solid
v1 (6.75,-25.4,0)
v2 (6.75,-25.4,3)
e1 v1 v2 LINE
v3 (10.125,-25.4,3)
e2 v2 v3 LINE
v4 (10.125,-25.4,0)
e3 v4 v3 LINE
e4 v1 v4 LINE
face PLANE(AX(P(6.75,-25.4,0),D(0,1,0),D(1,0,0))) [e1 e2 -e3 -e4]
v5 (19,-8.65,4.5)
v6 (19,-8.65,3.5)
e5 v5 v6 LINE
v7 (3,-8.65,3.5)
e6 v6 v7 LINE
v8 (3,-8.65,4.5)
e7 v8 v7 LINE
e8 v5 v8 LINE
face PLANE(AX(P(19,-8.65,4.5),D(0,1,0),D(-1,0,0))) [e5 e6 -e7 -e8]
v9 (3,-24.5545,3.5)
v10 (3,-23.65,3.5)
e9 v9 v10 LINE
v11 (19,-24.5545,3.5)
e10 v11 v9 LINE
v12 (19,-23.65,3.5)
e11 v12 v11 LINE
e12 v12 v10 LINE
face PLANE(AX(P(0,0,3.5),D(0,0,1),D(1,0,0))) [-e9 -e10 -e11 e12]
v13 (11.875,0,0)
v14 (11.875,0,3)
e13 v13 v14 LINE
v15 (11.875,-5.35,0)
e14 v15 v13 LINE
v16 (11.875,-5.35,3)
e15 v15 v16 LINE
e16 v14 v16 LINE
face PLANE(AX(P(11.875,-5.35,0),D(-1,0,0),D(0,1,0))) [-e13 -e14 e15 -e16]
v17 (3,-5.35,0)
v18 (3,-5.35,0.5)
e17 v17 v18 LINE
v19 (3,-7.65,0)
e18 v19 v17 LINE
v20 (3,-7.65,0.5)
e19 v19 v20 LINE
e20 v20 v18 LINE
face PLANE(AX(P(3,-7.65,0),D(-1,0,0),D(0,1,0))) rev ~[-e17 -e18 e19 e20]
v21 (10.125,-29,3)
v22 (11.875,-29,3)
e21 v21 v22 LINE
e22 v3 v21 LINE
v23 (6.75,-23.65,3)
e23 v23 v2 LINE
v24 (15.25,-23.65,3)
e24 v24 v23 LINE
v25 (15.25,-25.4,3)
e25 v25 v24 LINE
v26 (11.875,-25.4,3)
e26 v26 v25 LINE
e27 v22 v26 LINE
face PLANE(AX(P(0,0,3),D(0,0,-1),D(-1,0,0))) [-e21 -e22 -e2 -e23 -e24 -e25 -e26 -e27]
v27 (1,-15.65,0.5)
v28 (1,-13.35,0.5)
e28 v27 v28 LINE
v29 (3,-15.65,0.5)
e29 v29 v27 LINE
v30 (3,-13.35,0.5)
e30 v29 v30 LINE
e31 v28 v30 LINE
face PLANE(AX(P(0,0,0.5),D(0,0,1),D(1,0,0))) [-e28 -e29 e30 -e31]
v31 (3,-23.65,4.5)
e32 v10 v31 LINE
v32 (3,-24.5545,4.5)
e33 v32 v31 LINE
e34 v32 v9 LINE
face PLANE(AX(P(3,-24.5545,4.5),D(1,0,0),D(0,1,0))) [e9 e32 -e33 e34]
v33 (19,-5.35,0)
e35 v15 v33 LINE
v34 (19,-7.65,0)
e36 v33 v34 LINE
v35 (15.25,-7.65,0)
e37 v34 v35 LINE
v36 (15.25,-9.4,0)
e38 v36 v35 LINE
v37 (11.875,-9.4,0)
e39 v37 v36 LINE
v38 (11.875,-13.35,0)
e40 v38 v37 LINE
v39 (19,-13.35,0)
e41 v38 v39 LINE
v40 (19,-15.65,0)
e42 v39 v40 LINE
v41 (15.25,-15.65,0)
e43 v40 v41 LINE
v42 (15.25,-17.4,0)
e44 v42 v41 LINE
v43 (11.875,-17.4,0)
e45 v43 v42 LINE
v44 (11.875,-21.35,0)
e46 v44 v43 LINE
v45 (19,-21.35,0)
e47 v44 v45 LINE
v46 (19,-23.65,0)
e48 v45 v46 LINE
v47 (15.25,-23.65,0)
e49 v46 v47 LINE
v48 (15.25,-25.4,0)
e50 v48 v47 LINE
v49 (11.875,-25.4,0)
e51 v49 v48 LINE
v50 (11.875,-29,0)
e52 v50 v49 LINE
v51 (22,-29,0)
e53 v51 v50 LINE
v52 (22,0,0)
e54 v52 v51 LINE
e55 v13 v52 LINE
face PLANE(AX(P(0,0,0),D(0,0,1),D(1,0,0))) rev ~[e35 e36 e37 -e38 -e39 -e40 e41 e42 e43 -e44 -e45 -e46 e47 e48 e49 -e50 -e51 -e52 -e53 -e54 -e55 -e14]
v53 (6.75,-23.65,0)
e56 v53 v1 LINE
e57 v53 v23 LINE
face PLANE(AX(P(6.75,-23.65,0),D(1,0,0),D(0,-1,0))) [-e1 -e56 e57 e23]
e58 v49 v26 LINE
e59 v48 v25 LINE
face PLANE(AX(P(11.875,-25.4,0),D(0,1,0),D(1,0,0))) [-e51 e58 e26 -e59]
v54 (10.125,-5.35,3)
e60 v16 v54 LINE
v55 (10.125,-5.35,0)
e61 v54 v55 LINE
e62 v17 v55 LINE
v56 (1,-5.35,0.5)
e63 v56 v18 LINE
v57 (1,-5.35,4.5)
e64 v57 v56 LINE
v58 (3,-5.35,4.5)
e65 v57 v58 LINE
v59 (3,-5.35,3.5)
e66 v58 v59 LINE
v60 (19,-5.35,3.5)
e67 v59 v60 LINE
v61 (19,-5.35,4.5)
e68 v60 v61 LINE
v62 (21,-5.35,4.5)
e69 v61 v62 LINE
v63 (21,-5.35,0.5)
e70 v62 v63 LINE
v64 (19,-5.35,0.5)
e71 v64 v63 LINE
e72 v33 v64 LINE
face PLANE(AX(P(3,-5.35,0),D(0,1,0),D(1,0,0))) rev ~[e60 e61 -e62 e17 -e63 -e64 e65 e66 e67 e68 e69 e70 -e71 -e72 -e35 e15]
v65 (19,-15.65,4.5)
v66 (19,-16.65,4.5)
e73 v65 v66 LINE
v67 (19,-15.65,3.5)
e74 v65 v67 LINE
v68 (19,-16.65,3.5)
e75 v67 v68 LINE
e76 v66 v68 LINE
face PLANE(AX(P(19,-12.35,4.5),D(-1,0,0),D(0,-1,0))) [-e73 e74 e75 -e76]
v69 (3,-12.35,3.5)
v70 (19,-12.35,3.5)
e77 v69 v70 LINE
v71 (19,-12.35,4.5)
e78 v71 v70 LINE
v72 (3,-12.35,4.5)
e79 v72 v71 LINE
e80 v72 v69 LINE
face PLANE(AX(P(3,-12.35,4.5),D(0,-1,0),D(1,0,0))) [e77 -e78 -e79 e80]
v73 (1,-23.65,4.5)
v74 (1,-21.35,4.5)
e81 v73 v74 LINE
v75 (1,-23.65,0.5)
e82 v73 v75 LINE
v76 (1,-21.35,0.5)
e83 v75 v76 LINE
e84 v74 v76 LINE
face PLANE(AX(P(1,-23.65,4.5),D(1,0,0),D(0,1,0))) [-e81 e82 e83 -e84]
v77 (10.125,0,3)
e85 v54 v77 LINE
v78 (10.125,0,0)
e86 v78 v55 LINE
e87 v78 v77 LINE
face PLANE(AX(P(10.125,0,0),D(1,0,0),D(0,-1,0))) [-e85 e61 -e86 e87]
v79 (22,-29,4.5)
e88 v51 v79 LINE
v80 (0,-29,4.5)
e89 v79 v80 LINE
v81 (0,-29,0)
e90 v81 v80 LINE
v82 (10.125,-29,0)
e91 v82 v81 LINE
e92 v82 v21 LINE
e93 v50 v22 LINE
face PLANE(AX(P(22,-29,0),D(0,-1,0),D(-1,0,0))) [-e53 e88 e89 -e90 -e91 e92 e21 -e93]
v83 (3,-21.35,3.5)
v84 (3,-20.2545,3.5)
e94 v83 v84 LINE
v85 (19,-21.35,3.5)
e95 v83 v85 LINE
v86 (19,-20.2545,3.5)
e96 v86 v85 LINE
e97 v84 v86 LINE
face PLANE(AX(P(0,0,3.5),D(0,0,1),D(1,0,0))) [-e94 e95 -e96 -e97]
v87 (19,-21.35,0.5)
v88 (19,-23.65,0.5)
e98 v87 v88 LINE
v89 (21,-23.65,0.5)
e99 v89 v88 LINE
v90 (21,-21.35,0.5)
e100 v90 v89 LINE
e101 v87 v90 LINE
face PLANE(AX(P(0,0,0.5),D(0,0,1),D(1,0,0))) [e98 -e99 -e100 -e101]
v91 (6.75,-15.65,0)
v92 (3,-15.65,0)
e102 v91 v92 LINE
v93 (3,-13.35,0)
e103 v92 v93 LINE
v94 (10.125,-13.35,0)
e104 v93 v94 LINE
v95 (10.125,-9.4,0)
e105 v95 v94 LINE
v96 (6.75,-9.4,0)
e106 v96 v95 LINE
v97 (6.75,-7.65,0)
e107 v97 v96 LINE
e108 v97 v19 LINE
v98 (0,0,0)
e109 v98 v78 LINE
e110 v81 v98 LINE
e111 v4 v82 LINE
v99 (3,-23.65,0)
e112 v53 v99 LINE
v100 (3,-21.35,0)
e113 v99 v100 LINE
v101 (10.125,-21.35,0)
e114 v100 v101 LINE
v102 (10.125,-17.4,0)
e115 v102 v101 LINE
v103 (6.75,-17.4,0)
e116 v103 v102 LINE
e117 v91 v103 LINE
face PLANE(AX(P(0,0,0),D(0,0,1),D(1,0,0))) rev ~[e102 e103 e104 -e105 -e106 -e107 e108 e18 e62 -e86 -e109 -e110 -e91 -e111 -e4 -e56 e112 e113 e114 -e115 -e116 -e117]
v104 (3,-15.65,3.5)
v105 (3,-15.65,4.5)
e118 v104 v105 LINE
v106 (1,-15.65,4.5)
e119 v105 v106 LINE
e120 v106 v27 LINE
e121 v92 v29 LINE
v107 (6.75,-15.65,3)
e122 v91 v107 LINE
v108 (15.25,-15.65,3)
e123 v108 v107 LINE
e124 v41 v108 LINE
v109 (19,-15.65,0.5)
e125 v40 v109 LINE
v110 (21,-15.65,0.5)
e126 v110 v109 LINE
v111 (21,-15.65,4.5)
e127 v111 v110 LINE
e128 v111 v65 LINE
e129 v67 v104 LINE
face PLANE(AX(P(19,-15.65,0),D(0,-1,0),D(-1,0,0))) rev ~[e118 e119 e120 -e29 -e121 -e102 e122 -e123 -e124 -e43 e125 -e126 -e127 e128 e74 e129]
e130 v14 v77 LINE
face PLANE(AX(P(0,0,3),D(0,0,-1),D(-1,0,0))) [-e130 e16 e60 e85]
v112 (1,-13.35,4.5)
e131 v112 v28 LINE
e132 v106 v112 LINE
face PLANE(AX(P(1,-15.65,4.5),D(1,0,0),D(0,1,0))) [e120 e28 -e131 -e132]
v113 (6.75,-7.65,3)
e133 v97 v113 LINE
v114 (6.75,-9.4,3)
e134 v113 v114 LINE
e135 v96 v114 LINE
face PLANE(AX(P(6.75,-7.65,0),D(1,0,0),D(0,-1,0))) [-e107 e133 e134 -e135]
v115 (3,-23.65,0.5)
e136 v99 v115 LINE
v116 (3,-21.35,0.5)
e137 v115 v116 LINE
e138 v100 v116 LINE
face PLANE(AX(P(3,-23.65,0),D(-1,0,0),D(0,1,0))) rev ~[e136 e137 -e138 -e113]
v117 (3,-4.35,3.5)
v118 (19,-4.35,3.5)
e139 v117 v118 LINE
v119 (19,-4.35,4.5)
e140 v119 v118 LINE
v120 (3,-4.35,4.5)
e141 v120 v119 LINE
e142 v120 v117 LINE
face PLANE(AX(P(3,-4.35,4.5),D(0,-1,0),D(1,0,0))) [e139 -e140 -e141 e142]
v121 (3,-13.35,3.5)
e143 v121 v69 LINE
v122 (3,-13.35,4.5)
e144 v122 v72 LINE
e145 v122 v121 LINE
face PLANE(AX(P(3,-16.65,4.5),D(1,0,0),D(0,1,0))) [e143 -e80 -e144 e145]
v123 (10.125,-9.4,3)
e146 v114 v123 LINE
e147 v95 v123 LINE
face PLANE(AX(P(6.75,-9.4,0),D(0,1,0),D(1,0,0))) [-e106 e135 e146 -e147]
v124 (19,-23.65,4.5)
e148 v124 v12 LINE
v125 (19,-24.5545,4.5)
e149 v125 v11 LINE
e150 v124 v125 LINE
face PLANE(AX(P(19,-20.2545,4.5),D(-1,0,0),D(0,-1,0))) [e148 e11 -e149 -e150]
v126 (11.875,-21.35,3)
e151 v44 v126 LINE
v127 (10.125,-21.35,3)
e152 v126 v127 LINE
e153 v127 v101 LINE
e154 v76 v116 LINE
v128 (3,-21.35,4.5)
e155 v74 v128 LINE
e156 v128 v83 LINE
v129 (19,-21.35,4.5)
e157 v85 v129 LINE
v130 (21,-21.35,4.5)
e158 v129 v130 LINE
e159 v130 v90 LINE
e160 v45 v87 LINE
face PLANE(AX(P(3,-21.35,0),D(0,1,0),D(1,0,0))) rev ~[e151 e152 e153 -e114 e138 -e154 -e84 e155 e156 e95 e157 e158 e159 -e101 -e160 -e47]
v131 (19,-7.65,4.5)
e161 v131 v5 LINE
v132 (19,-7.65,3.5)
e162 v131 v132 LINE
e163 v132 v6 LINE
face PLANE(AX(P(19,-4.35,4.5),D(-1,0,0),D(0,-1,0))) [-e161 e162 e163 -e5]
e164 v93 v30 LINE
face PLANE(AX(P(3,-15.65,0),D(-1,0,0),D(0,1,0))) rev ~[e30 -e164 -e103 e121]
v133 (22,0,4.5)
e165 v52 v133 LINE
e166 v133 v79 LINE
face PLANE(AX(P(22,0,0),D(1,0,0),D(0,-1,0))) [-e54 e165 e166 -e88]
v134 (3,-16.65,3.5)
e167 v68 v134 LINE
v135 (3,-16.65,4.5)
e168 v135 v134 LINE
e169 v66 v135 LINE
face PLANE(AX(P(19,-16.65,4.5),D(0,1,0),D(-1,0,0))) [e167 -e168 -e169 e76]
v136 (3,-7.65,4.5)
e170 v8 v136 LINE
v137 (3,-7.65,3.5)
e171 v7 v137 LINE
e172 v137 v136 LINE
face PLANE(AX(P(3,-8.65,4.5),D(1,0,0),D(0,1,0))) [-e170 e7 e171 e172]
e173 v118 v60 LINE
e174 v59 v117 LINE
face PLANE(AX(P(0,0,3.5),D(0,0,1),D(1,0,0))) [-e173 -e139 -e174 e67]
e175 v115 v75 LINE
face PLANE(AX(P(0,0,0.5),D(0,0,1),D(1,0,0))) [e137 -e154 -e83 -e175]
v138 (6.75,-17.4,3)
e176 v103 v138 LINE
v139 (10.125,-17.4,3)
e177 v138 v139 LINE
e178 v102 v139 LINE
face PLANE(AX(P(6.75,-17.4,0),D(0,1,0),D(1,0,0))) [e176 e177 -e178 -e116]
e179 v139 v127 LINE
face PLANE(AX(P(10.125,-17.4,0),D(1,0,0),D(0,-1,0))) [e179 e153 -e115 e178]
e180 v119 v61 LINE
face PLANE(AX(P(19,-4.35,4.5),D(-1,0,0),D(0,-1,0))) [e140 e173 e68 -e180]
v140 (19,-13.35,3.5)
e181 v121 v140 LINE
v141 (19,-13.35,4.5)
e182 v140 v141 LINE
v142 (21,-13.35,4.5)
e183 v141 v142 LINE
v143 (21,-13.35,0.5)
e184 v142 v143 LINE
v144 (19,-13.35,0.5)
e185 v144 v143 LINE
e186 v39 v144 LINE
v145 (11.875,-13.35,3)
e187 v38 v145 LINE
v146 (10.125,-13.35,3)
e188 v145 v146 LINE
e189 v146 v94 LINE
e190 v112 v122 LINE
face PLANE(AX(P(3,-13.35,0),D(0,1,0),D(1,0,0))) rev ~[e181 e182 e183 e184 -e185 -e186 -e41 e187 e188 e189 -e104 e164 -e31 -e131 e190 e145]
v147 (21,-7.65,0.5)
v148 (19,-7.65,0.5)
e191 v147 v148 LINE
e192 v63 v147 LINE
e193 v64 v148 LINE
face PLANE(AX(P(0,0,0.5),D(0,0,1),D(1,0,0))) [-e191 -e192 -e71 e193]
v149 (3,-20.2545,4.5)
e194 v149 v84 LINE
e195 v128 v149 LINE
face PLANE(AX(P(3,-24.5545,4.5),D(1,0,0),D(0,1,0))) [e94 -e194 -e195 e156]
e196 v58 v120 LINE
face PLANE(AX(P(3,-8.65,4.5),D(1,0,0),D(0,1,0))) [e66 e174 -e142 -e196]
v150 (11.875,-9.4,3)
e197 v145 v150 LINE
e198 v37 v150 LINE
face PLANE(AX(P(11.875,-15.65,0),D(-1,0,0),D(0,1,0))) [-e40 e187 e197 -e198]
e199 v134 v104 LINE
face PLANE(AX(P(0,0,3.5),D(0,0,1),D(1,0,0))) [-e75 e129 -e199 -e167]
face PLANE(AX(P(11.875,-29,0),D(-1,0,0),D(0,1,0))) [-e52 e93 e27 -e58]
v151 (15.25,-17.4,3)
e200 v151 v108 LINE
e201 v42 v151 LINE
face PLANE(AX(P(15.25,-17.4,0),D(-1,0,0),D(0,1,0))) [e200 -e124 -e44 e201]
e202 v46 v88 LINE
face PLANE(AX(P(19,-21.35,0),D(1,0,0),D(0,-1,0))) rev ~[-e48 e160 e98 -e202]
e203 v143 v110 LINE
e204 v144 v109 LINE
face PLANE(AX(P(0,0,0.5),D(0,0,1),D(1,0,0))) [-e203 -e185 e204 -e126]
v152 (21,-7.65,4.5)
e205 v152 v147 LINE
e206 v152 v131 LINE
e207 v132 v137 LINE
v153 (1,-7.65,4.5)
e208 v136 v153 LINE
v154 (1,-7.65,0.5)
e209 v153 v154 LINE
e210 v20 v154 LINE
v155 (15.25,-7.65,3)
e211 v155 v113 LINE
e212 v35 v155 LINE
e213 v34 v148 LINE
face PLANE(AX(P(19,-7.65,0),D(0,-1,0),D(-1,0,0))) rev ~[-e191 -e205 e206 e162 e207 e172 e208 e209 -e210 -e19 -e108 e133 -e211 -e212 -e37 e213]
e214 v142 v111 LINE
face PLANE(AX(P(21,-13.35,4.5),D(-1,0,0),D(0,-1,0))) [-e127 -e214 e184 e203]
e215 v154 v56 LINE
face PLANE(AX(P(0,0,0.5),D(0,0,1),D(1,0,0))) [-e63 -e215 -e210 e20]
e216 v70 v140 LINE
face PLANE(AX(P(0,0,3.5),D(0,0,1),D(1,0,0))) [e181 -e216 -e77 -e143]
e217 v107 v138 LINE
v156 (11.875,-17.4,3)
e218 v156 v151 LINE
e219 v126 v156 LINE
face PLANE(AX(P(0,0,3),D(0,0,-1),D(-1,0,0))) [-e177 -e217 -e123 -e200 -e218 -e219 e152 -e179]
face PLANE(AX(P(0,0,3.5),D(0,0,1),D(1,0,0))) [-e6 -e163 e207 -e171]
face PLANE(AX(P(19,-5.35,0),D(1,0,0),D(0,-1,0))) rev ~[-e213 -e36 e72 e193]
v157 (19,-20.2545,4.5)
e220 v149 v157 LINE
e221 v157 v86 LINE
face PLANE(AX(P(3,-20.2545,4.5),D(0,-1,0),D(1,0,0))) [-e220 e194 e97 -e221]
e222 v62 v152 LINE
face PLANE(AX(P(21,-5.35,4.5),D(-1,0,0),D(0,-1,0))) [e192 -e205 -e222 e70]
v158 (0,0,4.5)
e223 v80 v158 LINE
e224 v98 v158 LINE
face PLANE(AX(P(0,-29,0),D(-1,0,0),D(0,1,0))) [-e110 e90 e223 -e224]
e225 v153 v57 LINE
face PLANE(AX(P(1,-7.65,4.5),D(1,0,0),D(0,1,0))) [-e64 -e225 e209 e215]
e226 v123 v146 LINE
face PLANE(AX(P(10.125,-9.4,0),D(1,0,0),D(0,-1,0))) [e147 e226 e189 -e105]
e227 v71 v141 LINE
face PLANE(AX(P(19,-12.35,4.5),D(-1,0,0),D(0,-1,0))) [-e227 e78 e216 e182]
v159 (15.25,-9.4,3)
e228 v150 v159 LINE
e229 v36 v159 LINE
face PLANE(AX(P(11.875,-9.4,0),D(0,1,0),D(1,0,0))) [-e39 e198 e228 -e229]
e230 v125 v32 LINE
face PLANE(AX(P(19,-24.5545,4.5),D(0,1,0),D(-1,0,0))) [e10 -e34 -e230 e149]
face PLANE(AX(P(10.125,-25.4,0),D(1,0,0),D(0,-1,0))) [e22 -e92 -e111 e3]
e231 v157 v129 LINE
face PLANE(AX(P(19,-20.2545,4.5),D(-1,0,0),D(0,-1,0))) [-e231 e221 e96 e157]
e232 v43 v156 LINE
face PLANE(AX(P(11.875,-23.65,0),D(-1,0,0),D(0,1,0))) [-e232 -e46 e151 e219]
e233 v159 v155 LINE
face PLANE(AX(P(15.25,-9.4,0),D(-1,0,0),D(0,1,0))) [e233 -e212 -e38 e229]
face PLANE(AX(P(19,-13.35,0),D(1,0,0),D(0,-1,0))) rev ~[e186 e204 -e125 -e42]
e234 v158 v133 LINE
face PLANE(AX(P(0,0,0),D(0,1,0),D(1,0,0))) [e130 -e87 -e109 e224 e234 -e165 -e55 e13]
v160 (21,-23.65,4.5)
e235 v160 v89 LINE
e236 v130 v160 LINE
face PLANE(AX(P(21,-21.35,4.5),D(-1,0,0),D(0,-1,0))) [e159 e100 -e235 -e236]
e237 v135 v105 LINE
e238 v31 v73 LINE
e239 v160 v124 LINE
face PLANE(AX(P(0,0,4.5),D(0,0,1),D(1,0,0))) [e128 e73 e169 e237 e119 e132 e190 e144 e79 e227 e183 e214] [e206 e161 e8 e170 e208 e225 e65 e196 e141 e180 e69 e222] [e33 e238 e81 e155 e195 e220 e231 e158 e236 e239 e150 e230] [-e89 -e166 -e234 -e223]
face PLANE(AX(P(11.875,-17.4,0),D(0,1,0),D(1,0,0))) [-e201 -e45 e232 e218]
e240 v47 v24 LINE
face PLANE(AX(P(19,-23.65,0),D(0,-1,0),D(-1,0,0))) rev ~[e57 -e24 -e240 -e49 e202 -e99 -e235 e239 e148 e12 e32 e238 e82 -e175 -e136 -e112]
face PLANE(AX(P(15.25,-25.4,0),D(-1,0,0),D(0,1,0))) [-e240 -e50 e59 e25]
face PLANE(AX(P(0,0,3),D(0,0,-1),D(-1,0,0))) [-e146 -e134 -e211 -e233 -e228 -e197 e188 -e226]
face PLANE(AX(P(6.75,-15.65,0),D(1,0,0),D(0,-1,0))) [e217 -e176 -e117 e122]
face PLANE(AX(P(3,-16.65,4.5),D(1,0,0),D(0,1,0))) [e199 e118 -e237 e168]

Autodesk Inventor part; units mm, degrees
ref_plane "YZ Plane" through (0, 0, 0) normal (1, 0, 0) x (0, 1, 0)
ref_plane "XZ Plane" through (0, 0, 0) normal (0, 1, 0) x (-1, 0, 0)
ref_plane "XY Plane" through (0, 0, 0) normal (0, 0, 1) x (1, 0, 0)
sketch "Sketch1" plane through (0, 0, 0) normal (0, 0, 1) x (1, 0, 0)
  line L0 (0, 0) -> (22, 0)
  line L1 (22, 0) -> (22, -29)
  line L2 (22, -29) -> (0, -29)
  line L3 (0, -29) -> (0, 0)
  line L4 (3, -5.35) -> (19, -5.35)
  line L5 (19, -5.35) -> (19, -7.65)
  line L6 (19, -7.65) -> (3, -7.65)
  line L7 (3, -7.65) -> (3, -5.35)
  line L8 (3, -13.35) -> (19, -13.35)
  line L9 (19, -13.35) -> (19, -15.65)
  line L10 (19, -15.65) -> (3, -15.65)
  line L11 (3, -15.65) -> (3, -13.35)
  line L12 (3, -21.35) -> (19, -21.35)
  line L13 (19, -21.35) -> (19, -23.65)
  line L14 (19, -23.65) -> (3, -23.65)
  line L15 (3, -23.65) -> (3, -21.35)
  line L16 (19, -5.35) -> (19, -13.35) construction
  line L17 (19, -13.35) -> (19, -21.35) construction
  line L18 (22, -14.5) -> (0, -14.5) construction
  line L19 (11, 0) -> (11, -29) construction
  point P0 (19, -14.5)
  point P1 (11, -5.35)
  dimension "d0" = 22
  dimension "d1" = 29
  dimension "d2" = 2.3
  dimension "d3" = 8
  dimension "d4" = 16
extrude "Body with light pipe slots" add sketch "Sketch1" along normal blind 4.5
sketch "Sketch2" plane through (0, 0, 4.5) normal (0, 0, 1) x (1, 0, 0)
  line L0 (0, -29) -> (22, -29) construction
  line L1 (22, -29) -> (22, 0) construction
  line L2 (22, 0) -> (0, 0) construction
  line L3 (0, 0) -> (0, -29) construction
  line L4 (3, -21.35) -> (19, -21.35) construction
  line L5 (19, -21.35) -> (19, -23.65) construction
  line L6 (19, -23.65) -> (3, -23.65) construction
  line L7 (3, -23.65) -> (3, -21.35) construction
  line L8 (3, -13.35) -> (19, -13.35) construction
  line L9 (19, -13.35) -> (19, -15.65) construction
  line L10 (19, -15.65) -> (3, -15.65) construction
  line L11 (3, -15.65) -> (3, -13.35) construction
  line L12 (3, -5.35) -> (19, -5.35) construction
  line L13 (19, -5.35) -> (19, -7.65) construction
  line L14 (19, -7.65) -> (3, -7.65) construction
  line L15 (3, -7.65) -> (3, -5.35) construction
  line L16 (1, -5.35) -> (21, -5.35)
  line L17 (21, -5.35) -> (21, -7.65)
  line L18 (21, -7.65) -> (1, -7.65)
  line L19 (1, -7.65) -> (1, -5.35)
  line L20 (1, -13.35) -> (21, -13.35)
  line L21 (21, -13.35) -> (21, -15.65)
  line L22 (21, -15.65) -> (1, -15.65)
  line L23 (1, -15.65) -> (1, -13.35)
  line L24 (1, -21.35) -> (21, -21.35)
  line L25 (21, -21.35) -> (21, -23.65)
  line L26 (21, -23.65) -> (1, -23.65)
  line L27 (1, -23.65) -> (1, -21.35)
  dimension "d7" = 2
  dimension "d8" = 2
extrude "Light pipe wing cuts" cut sketch "Sketch2" against normal blind 4
sketch "Sketch3" plane through (0, 0, 4.5) normal (0, 0, 1) x (1, 0, 0)
  line L0 (1, -21.35) -> (21, -21.35) construction
  line L1 (21, -21.35) -> (21, -23.65) construction
  line L2 (21, -23.65) -> (1, -23.65) construction
  line L3 (1, -23.65) -> (1, -21.35) construction
  line L4 (1, -13.35) -> (21, -13.35) construction
  line L5 (21, -13.35) -> (21, -15.65) construction
  line L6 (21, -15.65) -> (1, -15.65) construction
  line L7 (1, -15.65) -> (1, -13.35) construction
  line L8 (1, -5.35) -> (21, -5.35) construction
  line L9 (21, -5.35) -> (21, -7.65) construction
  line L10 (21, -7.65) -> (1, -7.65) construction
  line L11 (1, -7.65) -> (1, -5.35) construction
  line L12 (0, -29) -> (22, -29) construction
  line L13 (22, -29) -> (22, 0) construction
  line L14 (22, 0) -> (0, 0) construction
  line L15 (0, 0) -> (0, -29) construction
  line L16 (3, -5.35) -> (3, -7.65) construction
  line L17 (19, -7.65) -> (19, -5.35) construction
  line L18 (19, -15.65) -> (19, -13.35) construction
  line L19 (19, -23.65) -> (19, -21.35) construction
  line L20 (3, -21.35) -> (3, -23.65) construction
  line L21 (3, -13.35) -> (3, -15.65) construction
  line L22 (3, -4.35) -> (19, -4.35)
  line L23 (19, -4.35) -> (19, -8.65)
  line L24 (19, -8.65) -> (3, -8.65)
  line L25 (3, -8.65) -> (3, -4.35)
  line L26 (3, -12.35) -> (19, -12.35)
  line L27 (19, -12.35) -> (19, -16.65)
  line L28 (19, -16.65) -> (3, -16.65)
  line L29 (3, -16.65) -> (3, -12.35)
  line L30 (3, -20.2545) -> (19, -20.2545)
  line L31 (19, -20.2545) -> (19, -24.5545)
  line L32 (19, -24.5545) -> (3, -24.5545)
  line L33 (3, -24.5545) -> (3, -20.2545)
  dimension "d11" = 1
  dimension "d12" = 1
  dimension "d13" = 1.0956
  dimension "d14" = 1
extrude "SMD clearance cuts" cut sketch "Sketch3" against normal blind 1
sketch "Sketch4" plane through (0, 0, 0) normal (0, 0, -1) x (-1, 0, 0)
  line L0 (-22, 0) -> (0, 0) construction
  line L1 (-11, 0) -> (-11, -29) construction
  line L2 (0, -29) -> (-22, -29) construction
  line L3 (-11.875, 0) -> (-10.125, 0)
  line L4 (-10.125, -29) -> (-11.875, -29)
  line L5 (-3, -5.35) -> (-19, -5.35) projected
  line L6 (-19, -23.65) -> (-3, -23.65) projected
  line L7 (-6.75, -23.65) -> (-6.75, -25.4)
  line L8 (-15.25, -25.4) -> (-15.25, -23.65)
  line L9 (-19, -15.65) -> (-3, -15.65) projected
  line L10 (-6.75, -15.65) -> (-6.75, -17.4)
  line L11 (-15.25, -17.4) -> (-15.25, -15.65)
  line L12 (-3, -7.65) -> (-19, -7.65) projected
  line L13 (-6.75, -7.65) -> (-6.75, -9.4)
  line L14 (-15.25, -9.4) -> (-15.25, -7.65)
  line L15 (-11.875, -7.65) -> (-11.875, 0)
  line L16 (-10.125, 0) -> (-10.125, -7.65)
  line L17 (-6.75, -9.4) -> (-10.125, -9.4)
  line L18 (-11.875, -9.4) -> (-15.25, -9.4)
  line L19 (-11.875, -15.65) -> (-11.875, -9.4)
  line L20 (-10.125, -9.4) -> (-10.125, -15.65)
  line L21 (-15.25, -15.65) -> (-11.875, -15.65)
  line L22 (-10.125, -15.65) -> (-6.75, -15.65)
  line L23 (-6.75, -17.4) -> (-10.125, -17.4)
  line L24 (-11.875, -17.4) -> (-15.25, -17.4)
  line L25 (-15.25, -23.65) -> (-11.875, -23.65)
  line L26 (-10.125, -23.65) -> (-6.75, -23.65)
  line L27 (-6.75, -25.4) -> (-10.125, -25.4)
  line L28 (-11.875, -25.4) -> (-15.25, -25.4)
  line L29 (-11.875, -29) -> (-11.875, -25.4)
  line L30 (-11.875, -23.65) -> (-11.875, -17.4)
  line L31 (-10.125, -17.4) -> (-10.125, -23.65)
  line L32 (-10.125, -25.4) -> (-10.125, -29)
  line L33 (-15.25, -7.65) -> (-11.875, -7.65)
  line L34 (-10.125, -7.65) -> (-6.75, -7.65)
  point P0 (-10.125, -7.65)
  dimension "d18" = 1.75
  dimension "d20" = 1.75
  dimension "d21" = 8.5
  dimension "d22" = 4.25
extrude "Case interior molding cuts" cut sketch "Sketch4" against normal blind 3
equation "\"d8\" = d7"
equation "\"d12\" = d11"
equation "\"d14\" = d11"
equation "\"d22\" = 0.5 * d21"
properties part number "Lightpipe shield"
